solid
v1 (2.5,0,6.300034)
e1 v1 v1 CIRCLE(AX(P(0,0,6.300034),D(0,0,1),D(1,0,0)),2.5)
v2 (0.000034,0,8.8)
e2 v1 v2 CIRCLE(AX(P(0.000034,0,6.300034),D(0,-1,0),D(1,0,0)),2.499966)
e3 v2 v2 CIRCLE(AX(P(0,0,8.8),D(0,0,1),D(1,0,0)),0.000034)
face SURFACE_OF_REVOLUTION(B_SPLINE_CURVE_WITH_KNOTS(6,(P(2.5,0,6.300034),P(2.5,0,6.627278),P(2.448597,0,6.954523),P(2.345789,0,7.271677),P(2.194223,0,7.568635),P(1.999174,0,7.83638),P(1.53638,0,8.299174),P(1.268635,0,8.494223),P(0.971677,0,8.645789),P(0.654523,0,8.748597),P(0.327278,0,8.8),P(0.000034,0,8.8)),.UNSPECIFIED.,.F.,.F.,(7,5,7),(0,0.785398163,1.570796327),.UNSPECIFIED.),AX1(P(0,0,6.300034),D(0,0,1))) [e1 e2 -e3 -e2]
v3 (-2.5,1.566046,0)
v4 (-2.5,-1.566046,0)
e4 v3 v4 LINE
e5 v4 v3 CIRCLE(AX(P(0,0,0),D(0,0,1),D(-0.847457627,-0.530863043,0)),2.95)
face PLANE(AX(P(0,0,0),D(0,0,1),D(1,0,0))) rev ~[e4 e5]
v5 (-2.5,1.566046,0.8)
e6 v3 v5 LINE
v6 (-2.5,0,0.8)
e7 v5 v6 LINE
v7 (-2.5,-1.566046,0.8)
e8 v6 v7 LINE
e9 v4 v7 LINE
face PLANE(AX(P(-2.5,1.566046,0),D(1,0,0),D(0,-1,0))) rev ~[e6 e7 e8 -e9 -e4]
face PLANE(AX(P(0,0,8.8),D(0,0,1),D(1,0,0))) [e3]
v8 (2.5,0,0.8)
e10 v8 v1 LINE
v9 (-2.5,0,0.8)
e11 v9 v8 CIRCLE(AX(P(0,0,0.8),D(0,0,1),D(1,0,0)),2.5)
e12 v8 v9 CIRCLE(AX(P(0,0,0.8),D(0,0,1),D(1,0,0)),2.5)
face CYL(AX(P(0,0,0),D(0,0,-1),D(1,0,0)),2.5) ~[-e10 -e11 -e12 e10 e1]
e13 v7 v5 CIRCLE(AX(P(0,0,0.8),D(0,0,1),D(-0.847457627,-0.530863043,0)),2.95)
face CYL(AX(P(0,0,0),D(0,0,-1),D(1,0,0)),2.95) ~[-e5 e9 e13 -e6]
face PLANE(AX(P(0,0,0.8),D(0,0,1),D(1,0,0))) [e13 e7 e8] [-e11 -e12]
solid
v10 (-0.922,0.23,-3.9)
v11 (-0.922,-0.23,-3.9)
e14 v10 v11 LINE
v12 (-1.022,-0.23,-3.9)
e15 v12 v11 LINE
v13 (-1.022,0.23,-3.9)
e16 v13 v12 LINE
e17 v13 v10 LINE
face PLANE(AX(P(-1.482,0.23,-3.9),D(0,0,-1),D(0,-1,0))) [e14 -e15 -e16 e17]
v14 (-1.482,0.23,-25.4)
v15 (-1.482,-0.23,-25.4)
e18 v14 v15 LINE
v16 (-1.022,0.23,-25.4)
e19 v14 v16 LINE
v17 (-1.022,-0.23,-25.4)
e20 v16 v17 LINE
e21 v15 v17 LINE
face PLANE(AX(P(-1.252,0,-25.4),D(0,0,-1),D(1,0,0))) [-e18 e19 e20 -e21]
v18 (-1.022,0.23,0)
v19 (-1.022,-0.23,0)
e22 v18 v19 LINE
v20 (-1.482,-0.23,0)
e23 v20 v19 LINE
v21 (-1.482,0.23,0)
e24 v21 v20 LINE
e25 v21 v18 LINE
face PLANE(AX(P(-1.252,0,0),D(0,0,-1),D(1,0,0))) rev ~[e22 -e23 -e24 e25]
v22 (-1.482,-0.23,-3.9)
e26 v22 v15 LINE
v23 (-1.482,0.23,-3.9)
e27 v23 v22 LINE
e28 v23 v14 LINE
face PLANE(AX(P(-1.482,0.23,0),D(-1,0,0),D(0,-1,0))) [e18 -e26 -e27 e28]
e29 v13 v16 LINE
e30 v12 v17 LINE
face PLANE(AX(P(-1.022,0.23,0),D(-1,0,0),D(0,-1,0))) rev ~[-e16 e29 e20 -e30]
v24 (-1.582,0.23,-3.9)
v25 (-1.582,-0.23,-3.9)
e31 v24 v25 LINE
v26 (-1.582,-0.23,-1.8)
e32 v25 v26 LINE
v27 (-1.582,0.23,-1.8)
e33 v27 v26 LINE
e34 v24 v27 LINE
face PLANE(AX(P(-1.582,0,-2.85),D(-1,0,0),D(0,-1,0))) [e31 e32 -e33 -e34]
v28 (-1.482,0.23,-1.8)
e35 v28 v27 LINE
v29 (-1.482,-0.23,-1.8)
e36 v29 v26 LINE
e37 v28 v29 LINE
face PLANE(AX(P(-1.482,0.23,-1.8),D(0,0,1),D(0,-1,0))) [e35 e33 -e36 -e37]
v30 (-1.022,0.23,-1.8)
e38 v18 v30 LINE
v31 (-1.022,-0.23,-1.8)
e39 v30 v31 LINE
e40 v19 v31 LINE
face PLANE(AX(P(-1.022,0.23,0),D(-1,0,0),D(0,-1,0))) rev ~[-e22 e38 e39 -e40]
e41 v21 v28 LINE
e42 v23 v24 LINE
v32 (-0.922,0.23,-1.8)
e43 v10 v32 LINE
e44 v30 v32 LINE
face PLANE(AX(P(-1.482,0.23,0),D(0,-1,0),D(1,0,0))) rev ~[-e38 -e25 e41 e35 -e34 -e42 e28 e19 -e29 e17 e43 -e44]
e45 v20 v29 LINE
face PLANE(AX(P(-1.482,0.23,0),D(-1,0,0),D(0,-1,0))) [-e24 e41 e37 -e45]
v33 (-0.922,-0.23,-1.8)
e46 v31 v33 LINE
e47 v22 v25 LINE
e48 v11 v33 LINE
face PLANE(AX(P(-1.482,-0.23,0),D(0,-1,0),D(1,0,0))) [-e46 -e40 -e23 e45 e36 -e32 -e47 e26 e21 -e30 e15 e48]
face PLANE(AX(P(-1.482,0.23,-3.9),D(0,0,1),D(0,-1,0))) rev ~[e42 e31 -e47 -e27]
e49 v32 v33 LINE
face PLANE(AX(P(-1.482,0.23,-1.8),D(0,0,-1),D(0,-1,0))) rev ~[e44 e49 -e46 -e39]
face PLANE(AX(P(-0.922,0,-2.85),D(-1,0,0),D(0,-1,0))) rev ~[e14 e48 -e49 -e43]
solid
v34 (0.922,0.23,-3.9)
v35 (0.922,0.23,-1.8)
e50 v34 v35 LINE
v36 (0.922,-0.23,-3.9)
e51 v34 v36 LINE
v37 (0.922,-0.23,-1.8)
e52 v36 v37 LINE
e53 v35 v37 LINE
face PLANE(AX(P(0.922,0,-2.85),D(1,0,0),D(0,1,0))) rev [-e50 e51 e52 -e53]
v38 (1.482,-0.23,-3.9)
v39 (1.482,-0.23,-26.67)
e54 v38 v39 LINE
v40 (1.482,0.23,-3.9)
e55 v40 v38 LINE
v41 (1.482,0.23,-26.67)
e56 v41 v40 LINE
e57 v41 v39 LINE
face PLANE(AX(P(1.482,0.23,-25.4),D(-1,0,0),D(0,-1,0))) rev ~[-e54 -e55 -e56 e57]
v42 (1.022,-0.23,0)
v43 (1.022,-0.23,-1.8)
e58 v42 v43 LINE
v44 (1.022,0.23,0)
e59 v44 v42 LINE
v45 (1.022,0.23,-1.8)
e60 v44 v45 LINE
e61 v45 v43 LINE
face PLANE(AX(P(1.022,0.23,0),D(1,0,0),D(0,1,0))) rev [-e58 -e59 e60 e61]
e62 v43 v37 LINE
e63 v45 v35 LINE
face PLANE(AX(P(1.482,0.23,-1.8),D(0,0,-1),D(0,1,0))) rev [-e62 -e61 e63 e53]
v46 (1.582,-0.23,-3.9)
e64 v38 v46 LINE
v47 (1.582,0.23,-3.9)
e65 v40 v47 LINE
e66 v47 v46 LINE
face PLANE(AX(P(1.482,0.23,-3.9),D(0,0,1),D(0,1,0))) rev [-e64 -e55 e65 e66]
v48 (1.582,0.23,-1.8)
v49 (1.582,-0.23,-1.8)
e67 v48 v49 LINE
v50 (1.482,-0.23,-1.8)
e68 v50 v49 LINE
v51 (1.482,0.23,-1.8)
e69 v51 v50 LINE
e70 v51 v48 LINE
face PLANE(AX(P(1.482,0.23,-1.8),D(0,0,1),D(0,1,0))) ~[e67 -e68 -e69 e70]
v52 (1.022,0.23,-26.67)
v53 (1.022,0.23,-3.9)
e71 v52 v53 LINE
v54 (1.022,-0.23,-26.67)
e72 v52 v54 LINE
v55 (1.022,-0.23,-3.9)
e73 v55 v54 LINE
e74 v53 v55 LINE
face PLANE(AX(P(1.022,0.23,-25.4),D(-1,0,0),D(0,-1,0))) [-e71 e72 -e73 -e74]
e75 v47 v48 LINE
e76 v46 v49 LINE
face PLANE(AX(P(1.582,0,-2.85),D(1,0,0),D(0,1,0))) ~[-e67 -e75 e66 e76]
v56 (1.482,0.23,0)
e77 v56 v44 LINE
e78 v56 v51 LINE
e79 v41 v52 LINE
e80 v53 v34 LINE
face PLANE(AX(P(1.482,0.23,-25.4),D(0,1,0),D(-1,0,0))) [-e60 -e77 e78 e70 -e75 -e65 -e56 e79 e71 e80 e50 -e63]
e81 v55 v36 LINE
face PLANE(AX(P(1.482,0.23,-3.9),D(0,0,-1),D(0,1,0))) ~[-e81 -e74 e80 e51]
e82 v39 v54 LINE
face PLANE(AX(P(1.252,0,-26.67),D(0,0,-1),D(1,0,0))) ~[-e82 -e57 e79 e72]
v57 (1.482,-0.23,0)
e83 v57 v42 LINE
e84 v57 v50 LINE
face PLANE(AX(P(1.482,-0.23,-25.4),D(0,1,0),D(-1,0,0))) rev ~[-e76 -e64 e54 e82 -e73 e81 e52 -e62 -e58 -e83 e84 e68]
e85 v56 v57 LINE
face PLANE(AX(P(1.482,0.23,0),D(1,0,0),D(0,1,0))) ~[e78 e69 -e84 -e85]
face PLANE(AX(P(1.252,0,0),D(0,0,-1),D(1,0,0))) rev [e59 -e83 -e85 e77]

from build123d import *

# Parameters (mm, degrees)
F0_R          = 2.5
F1_DEPTH      = 8.8
F0_R_2        = 2.95
F2_DEPTH      = 0.8
F3_R          = 2.4999664281
F5_DEPTH      = 0.8
F4_W          = 0.46
F4_H          = 0.46
F6_DEPTH      = 25.4
F7_W          = 0.46
F7_H          = 2.1
F8_DEPTH      = 0.1
F8_DEPTH_BACK = 0.56
F10_DEPTH     = 1.27


with BuildPart() as f1:
    # F0 (on Top) → F1 (new body)
    with BuildSketch(Plane.XY):
        Circle(F0_R)
    extrude(amount=F1_DEPTH)

    # F0 (on Top) → F2 (join)
    with BuildSketch(Plane.XY):
        Circle(F0_R_2)
        Circle(F0_R, mode=Mode.SUBTRACT)
    extrude(amount=F2_DEPTH)

    # F3
    f3_edges = [f1.edges().sort_by_distance(p)[0] for p in [
        (-2.5, 0, 8.8),
    ]]
    fillet(f3_edges, radius=F3_R)

    # F4 (on face) → F5 (cut, through all)
    with BuildSketch(Plane(origin=(0, 0, 0), x_dir=(1, 0, 0), z_dir=(0, 0, -1))):
        with BuildLine():
            Line((-2.5, -1.5660459763), (-2.5, 0))
            Line((-2.5, 0), (-2.5, 1.5660459763))
            ThreePointArc((-2.5, 1.5660459763), (-2.95, 0), (-2.5, -1.5660459763))
        make_face()
    extrude(amount=-F5_DEPTH, mode=Mode.SUBTRACT)


with BuildPart() as f6:
    # F4 (on face) → F6 (new body)
    with BuildSketch(Plane(origin=(0, 0, 0), x_dir=(1, 0, 0), z_dir=(0, 0, -1))):
        with Locations((-1.252, 0)):
            Rectangle(F4_W, F4_H)
    extrude(amount=F6_DEPTH)

    # F7 (on face) → F8 (join, two sides)
    with BuildSketch(Plane(origin=(-1.482, 0, 0), x_dir=(0, -1, 0), z_dir=(-1, 0, 0))) as f8_sk:
        with Locations((0, -2.85)):
            Rectangle(F7_W, F7_H)
    extrude(amount=F8_DEPTH)
    extrude(f8_sk.sketch, amount=-F8_DEPTH_BACK)


with BuildPart() as f9_1:
    # F9: instance of F6
    add(f6.part.mirror(Plane.YZ))

    # F10 (add): a face of the model
    f10_faces = [f9_1.faces().sort_by_distance(p)[0] for p in [
        (1.252, 0, -25.4),
    ]]
    extrude(f10_faces, amount=F10_DEPTH)


solid = Compound([f1.part, f6.part, f9_1.part])
